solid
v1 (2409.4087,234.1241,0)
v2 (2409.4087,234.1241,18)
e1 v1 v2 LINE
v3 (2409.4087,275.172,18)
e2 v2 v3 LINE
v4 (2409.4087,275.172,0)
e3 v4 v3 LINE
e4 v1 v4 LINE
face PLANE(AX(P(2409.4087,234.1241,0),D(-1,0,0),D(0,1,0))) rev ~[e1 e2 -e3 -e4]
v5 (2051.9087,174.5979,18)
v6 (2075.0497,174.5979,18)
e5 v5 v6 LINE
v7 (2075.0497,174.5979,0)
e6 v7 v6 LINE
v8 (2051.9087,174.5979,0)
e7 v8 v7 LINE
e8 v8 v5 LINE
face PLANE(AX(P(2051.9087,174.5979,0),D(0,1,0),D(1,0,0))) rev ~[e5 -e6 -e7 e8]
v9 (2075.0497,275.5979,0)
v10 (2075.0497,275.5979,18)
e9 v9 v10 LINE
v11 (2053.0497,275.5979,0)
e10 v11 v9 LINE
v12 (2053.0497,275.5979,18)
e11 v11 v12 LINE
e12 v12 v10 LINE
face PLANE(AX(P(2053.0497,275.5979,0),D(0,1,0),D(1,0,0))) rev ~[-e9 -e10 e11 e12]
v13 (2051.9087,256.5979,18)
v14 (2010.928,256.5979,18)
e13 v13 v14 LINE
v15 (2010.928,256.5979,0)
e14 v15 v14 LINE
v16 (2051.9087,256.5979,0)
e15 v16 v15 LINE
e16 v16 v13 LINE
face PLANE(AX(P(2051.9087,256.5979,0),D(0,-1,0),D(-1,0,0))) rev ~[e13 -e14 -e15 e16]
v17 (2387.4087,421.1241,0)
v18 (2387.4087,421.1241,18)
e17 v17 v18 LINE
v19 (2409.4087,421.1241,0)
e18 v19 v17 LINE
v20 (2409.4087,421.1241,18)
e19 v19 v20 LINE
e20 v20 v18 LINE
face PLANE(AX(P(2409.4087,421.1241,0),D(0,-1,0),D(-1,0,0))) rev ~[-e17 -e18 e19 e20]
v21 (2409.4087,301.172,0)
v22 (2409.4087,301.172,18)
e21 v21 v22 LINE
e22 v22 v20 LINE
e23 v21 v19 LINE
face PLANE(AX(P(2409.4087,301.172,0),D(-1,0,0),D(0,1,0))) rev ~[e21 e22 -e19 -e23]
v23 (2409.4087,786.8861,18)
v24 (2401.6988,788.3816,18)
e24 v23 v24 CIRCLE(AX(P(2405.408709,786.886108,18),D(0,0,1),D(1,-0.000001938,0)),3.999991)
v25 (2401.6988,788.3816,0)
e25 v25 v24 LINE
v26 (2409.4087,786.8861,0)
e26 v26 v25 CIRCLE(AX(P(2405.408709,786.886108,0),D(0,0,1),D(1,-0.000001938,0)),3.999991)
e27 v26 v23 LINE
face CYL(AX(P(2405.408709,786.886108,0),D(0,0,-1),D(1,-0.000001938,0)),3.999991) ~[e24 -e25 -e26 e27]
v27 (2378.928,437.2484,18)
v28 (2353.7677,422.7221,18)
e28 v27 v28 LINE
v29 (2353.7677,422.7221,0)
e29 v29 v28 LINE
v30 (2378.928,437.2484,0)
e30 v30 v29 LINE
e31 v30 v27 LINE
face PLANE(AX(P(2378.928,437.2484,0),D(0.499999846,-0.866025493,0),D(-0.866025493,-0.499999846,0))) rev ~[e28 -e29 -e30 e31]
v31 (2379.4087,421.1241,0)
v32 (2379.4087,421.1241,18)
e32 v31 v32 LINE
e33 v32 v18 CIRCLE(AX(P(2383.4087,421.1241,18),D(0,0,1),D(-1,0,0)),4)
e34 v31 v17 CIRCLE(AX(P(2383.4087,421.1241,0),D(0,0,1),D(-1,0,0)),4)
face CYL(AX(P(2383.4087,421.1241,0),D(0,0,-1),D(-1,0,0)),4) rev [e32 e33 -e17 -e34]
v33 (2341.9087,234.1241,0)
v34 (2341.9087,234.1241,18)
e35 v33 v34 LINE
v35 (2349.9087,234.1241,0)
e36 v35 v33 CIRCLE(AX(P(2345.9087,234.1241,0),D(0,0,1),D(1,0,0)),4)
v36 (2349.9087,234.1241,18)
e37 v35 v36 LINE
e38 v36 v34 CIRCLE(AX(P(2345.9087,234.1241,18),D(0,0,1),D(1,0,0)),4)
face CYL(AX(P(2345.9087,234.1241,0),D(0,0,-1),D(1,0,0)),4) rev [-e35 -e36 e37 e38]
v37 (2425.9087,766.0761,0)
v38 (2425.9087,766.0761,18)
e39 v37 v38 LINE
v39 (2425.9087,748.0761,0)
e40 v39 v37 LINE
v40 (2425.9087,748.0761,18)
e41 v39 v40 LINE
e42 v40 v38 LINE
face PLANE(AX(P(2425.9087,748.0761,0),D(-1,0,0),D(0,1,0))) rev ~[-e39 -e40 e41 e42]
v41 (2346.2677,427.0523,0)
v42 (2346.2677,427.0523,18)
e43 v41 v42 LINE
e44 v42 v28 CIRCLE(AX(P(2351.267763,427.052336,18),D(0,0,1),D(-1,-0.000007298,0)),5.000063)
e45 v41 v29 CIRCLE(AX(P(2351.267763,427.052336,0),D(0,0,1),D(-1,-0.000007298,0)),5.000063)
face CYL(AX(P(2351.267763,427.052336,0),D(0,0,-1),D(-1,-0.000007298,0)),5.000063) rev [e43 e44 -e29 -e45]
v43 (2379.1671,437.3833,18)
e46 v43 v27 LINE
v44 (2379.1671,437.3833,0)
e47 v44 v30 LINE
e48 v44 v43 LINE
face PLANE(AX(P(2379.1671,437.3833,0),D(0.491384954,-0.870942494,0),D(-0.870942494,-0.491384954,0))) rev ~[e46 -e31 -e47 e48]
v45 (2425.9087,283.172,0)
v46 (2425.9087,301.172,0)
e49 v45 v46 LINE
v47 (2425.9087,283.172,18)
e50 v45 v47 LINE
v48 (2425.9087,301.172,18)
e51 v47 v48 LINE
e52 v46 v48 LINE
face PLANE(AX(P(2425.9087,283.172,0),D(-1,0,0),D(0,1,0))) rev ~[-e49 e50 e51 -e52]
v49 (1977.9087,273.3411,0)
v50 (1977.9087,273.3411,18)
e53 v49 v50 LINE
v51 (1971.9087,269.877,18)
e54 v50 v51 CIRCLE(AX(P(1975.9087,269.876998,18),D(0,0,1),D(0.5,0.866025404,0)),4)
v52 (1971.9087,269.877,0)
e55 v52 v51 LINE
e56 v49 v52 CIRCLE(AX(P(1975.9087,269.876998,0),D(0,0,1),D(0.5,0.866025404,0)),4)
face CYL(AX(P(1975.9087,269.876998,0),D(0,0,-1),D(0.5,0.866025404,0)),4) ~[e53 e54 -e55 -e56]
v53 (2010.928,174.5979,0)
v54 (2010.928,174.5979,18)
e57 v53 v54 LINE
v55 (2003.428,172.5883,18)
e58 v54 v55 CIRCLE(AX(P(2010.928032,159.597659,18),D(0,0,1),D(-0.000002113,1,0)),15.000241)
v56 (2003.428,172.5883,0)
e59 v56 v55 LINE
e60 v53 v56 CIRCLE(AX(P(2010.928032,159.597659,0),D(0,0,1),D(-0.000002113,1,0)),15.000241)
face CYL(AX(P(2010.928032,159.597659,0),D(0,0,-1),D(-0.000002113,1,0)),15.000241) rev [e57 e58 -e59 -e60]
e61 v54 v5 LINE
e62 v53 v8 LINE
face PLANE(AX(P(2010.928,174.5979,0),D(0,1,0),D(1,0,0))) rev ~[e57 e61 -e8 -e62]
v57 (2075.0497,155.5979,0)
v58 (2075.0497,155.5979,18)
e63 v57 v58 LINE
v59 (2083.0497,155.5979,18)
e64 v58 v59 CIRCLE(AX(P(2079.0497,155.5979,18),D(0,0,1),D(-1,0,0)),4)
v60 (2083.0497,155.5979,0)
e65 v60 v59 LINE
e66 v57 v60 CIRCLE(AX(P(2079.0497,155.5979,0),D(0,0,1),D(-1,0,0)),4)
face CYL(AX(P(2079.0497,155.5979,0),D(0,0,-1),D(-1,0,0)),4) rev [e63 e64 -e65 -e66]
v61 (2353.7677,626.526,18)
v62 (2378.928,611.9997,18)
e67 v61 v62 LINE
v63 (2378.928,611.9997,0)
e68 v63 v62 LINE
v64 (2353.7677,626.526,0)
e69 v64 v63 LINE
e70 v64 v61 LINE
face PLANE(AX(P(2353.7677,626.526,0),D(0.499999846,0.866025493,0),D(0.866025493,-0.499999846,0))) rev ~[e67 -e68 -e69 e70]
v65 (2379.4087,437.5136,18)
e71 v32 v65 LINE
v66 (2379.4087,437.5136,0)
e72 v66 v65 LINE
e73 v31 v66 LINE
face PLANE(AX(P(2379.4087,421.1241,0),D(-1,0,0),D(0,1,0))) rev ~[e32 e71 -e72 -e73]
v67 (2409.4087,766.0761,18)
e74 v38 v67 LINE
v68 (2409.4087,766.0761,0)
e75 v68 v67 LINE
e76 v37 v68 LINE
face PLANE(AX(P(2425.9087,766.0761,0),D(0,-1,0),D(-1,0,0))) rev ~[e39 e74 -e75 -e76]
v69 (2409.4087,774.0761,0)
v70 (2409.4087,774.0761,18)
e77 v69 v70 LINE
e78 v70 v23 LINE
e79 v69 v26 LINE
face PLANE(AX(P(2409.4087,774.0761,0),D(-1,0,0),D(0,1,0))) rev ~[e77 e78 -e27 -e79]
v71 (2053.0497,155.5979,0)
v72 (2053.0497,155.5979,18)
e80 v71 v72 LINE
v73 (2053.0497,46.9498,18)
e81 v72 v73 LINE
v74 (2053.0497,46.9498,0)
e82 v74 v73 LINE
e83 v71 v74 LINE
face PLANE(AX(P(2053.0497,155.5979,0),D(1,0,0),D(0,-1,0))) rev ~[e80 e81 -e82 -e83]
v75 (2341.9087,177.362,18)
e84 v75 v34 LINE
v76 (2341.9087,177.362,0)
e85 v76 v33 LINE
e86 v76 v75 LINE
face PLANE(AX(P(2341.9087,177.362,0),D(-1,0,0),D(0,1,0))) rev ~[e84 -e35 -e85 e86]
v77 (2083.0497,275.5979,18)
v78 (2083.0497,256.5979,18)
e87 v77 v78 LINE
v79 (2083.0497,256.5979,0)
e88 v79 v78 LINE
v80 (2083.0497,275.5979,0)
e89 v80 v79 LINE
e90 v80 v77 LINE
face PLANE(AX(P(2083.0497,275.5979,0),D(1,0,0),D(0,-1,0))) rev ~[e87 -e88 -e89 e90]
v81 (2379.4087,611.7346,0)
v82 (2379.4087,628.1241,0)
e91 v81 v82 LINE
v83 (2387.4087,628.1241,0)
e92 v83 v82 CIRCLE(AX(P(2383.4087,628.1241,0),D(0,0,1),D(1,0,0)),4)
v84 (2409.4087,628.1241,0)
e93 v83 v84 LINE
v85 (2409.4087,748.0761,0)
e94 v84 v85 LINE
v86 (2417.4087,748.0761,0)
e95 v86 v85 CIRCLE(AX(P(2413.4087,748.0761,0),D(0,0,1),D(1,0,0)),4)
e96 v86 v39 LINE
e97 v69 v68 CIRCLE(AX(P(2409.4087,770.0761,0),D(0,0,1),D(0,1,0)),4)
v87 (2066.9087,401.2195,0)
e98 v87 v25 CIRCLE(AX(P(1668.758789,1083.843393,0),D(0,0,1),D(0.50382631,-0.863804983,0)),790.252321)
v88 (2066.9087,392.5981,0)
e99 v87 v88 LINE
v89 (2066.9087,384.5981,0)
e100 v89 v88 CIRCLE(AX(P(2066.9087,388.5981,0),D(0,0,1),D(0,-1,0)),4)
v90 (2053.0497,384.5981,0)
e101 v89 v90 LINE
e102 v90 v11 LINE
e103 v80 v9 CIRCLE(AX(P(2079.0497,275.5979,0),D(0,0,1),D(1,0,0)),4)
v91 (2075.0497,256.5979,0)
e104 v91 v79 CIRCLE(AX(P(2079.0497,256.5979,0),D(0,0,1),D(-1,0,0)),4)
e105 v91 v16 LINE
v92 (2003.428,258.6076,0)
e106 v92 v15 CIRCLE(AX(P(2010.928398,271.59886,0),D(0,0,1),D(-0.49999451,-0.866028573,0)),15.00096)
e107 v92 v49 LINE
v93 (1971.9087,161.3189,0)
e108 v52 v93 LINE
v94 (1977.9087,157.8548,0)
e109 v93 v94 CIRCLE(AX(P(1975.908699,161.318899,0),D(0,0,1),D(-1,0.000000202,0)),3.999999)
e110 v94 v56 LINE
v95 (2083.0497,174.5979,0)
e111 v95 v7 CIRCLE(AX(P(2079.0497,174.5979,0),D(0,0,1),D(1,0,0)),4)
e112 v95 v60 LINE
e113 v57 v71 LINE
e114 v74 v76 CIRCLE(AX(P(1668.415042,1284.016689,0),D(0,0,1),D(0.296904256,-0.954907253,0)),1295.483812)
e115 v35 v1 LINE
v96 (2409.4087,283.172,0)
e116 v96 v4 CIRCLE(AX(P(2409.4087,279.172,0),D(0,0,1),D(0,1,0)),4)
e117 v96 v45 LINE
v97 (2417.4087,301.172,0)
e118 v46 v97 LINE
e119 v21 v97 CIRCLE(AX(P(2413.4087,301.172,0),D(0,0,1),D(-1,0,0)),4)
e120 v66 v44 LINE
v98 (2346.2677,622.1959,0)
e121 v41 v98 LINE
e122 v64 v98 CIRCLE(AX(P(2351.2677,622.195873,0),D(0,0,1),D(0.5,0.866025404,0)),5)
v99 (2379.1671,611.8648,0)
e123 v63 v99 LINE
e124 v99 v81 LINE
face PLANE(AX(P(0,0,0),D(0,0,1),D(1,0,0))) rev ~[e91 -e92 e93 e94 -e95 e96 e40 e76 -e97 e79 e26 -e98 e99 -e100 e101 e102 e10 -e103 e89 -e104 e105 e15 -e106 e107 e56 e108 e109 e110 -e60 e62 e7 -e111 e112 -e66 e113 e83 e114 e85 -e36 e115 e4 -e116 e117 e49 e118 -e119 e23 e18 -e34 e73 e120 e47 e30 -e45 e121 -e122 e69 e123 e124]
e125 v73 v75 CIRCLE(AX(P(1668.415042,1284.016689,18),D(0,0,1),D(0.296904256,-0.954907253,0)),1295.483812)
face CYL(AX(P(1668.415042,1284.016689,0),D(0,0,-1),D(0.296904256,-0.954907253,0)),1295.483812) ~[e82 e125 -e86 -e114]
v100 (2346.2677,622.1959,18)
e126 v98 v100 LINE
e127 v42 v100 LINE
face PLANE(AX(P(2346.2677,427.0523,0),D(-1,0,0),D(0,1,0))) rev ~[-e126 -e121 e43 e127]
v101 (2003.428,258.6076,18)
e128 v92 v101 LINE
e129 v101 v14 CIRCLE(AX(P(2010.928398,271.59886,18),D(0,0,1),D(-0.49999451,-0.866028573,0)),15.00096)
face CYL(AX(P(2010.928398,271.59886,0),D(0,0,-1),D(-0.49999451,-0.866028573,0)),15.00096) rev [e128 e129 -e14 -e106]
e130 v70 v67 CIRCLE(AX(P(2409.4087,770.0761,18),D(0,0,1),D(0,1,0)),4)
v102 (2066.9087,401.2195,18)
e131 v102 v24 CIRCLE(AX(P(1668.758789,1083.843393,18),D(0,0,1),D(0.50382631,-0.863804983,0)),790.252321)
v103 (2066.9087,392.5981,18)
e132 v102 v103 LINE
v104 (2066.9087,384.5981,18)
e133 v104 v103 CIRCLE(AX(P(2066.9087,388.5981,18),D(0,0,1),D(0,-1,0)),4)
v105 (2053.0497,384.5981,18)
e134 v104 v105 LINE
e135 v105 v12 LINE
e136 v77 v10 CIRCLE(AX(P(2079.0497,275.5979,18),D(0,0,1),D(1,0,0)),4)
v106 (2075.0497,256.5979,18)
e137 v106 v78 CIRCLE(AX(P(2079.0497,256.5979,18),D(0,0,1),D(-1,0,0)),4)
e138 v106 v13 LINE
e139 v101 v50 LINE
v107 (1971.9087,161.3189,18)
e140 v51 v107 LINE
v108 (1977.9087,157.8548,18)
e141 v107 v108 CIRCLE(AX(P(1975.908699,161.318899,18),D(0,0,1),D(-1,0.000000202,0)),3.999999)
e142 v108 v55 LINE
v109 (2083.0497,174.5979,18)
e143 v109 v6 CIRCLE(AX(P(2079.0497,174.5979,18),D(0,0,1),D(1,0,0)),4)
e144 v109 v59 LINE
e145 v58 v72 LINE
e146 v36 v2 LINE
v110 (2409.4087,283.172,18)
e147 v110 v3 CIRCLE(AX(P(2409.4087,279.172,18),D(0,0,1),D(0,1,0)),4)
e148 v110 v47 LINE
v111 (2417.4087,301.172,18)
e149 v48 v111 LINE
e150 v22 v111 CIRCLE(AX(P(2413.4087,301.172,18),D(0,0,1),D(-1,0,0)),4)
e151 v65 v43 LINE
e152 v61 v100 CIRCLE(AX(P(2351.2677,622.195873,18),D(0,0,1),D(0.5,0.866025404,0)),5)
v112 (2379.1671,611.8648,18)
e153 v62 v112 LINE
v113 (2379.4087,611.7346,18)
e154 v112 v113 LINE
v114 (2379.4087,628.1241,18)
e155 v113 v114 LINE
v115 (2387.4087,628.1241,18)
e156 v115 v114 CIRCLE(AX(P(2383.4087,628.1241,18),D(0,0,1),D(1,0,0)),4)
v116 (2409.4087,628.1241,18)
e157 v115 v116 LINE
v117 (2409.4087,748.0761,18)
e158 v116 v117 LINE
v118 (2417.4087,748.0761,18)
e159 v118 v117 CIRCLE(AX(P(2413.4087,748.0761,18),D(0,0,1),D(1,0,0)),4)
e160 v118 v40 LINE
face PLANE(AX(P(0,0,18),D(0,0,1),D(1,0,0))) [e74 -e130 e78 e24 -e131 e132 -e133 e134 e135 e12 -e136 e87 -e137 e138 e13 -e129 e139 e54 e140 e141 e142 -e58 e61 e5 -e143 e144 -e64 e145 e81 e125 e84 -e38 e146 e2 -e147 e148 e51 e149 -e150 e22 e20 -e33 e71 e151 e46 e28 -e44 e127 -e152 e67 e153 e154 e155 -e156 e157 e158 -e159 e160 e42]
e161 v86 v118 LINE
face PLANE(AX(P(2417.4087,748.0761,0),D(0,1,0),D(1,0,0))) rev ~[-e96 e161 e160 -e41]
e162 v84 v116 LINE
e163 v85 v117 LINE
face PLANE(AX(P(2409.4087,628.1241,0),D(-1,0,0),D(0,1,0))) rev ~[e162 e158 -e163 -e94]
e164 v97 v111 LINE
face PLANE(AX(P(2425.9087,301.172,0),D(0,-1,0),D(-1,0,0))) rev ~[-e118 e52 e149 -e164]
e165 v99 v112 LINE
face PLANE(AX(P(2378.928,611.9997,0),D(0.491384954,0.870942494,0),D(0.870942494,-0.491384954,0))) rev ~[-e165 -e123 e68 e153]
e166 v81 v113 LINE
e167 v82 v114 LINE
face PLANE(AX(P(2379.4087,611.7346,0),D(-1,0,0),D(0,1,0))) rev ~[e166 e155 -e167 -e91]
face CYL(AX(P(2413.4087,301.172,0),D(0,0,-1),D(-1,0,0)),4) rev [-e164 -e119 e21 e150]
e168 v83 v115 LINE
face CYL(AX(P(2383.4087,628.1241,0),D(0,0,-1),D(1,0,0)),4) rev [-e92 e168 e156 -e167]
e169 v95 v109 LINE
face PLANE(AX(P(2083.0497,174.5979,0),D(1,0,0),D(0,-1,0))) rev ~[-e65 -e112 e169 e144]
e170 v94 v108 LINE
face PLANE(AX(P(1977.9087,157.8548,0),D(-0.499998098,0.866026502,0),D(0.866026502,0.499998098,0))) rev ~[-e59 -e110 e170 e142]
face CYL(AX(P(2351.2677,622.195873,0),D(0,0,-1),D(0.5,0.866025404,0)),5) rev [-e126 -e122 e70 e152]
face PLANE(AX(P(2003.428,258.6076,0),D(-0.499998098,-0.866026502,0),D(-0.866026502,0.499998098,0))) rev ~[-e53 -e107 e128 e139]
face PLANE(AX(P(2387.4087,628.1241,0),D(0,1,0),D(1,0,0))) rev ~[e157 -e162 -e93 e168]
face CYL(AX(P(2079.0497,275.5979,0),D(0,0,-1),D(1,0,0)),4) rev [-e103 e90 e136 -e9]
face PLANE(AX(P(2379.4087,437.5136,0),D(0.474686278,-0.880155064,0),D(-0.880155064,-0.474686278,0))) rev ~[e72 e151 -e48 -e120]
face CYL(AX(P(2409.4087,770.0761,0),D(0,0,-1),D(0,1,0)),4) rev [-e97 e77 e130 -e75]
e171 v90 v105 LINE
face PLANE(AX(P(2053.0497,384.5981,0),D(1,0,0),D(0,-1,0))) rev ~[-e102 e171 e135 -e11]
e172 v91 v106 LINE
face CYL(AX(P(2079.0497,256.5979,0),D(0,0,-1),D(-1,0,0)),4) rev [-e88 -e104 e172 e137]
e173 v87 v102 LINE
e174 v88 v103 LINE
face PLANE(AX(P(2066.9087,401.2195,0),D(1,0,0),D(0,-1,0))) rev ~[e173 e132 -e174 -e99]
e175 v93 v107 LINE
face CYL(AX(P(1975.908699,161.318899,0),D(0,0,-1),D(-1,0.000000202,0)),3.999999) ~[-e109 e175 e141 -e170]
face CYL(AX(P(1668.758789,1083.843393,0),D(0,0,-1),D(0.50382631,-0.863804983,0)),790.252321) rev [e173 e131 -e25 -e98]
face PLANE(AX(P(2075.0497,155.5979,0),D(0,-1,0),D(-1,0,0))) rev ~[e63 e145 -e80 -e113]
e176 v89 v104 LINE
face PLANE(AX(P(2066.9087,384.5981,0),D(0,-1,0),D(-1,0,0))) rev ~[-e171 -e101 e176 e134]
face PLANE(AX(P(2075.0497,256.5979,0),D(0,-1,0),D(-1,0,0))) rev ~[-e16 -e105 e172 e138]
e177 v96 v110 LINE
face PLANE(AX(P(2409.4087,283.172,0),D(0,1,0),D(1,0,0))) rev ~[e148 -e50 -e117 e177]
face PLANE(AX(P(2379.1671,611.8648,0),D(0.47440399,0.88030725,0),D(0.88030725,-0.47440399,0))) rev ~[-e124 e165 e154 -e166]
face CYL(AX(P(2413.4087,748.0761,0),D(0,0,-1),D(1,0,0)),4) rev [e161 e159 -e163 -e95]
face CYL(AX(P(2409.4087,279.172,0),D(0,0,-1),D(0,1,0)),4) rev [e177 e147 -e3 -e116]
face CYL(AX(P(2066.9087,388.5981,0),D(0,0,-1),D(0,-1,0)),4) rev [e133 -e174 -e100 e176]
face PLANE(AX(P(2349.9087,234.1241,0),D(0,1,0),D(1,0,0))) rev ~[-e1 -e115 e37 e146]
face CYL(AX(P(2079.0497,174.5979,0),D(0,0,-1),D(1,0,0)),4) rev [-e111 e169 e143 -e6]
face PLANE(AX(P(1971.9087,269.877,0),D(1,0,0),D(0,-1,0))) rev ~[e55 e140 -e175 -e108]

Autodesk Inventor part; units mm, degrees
ref_plane "YZ Plane" through (0, 0, 0) normal (1, 0, 0) x (0, 1, 0)
ref_plane "XZ Plane" through (0, 0, 0) normal (0, 1, 0) x (-1, 0, 0)
ref_plane "XY Plane" through (0, 0, 0) normal (0, 0, 1) x (1, 0, 0)
sketch "CONTOURS" plane through (0, 0, 0) normal (0, 0, 1) x (1, 0, 0)
  line L0 (2379.4087, 421.1241) -> (2379.4087, 437.5136)
  line L1 (2083.0497, 275.5979) -> (2083.0497, 256.5979)
  arc A0 (2075.0497, 256.5979) -> (2083.0497, 256.5979) centre (2079.0497, 256.5979) ccw
  line L2 (2075.0497, 256.5979) -> (2051.9087, 256.5979)
  line L3 (2051.9087, 256.5979) -> (2010.928, 256.5979)
  arc A1 (2003.428, 258.6076) -> (2010.928, 256.5979) centre (2010.928, 271.5979) ccw
  line L4 (2003.428, 258.6076) -> (1977.9087, 273.3411)
  arc A2 (1977.9087, 273.3411) -> (1971.9087, 269.877) centre (1975.9087, 269.877) ccw
  line L5 (1971.9087, 269.877) -> (1971.9087, 161.3189)
  arc A3 (1971.9087, 161.3189) -> (1977.9087, 157.8548) centre (1975.9087, 161.3189) ccw
  line L6 (1977.9087, 157.8548) -> (2003.428, 172.5883)
  arc A4 (2010.928, 174.5979) -> (2003.428, 172.5883) centre (2010.928, 159.5979) ccw
  line L7 (2010.928, 174.5979) -> (2051.9087, 174.5979)
  line L8 (2051.9087, 174.5979) -> (2075.0497, 174.5979)
  arc A5 (2083.0497, 174.5979) -> (2075.0497, 174.5979) centre (2079.0497, 174.5979) ccw
  line L9 (2083.0497, 174.5979) -> (2083.0497, 155.5979)
  arc A6 (2075.0497, 155.5979) -> (2083.0497, 155.5979) centre (2079.0497, 155.5979) ccw
  line L10 (2075.0497, 155.5979) -> (2053.0497, 155.5979)
  line L11 (2053.0497, 155.5979) -> (2053.0497, 46.9498)
  arc A7 (2053.0497, 46.9498) -> (2341.9087, 177.362) centre (1668.415, 1284.0168) ccw
  line L12 (2341.9087, 177.362) -> (2341.9087, 234.1241)
  arc A8 (2349.9087, 234.1241) -> (2341.9087, 234.1241) centre (2345.9087, 234.1241) ccw
  line L13 (2349.9087, 234.1241) -> (2409.4087, 234.1241)
  line L14 (2409.4087, 234.1241) -> (2409.4087, 275.172)
  arc A9 (2409.4087, 283.172) -> (2409.4087, 275.172) centre (2409.4087, 279.172) ccw
  line L15 (2409.4087, 283.172) -> (2425.9087, 283.172)
  line L16 (2425.9087, 283.172) -> (2425.9087, 301.172)
  line L17 (2425.9087, 301.172) -> (2417.4087, 301.172)
  arc A10 (2409.4087, 301.172) -> (2417.4087, 301.172) centre (2413.4087, 301.172) ccw
  line L18 (2409.4087, 301.172) -> (2409.4087, 421.1241)
  line L19 (2409.4087, 421.1241) -> (2387.4087, 421.1241)
  arc A11 (2379.4087, 421.1241) -> (2387.4087, 421.1241) centre (2383.4087, 421.1241) ccw
  line L20 (2379.4087, 437.5136) -> (2379.1671, 437.3833)
  line L21 (2379.1671, 437.3833) -> (2378.928, 437.2484)
  line L22 (2378.928, 437.2484) -> (2353.7677, 422.7221)
  arc A12 (2346.2677, 427.0523) -> (2353.7677, 422.7221) centre (2351.2677, 427.0523) ccw
  line L23 (2346.2677, 427.0523) -> (2346.2677, 622.1959)
  arc A13 (2353.7677, 626.526) -> (2346.2677, 622.1959) centre (2351.2677, 622.1959) ccw
  line L24 (2353.7677, 626.526) -> (2378.928, 611.9997)
  line L25 (2378.928, 611.9997) -> (2379.1671, 611.8648)
  line L26 (2379.1671, 611.8648) -> (2379.4087, 611.7346)
  line L27 (2379.4087, 611.7346) -> (2379.4087, 628.1241)
  arc A14 (2387.4087, 628.1241) -> (2379.4087, 628.1241) centre (2383.4087, 628.1241) ccw
  line L28 (2387.4087, 628.1241) -> (2409.4087, 628.1241)
  line L29 (2409.4087, 628.1241) -> (2409.4087, 748.0761)
  arc A15 (2417.4087, 748.0761) -> (2409.4087, 748.0761) centre (2413.4087, 748.0761) ccw
  line L30 (2417.4087, 748.0761) -> (2425.9087, 748.0761)
  line L31 (2425.9087, 748.0761) -> (2425.9087, 766.0761)
  line L32 (2425.9087, 766.0761) -> (2409.4087, 766.0761)
  arc A16 (2409.4087, 774.0761) -> (2409.4087, 766.0761) centre (2409.4087, 770.0761) ccw
  line L33 (2409.4087, 774.0761) -> (2409.4087, 786.8861)
  arc A17 (2409.4087, 786.8861) -> (2401.6988, 788.3816) centre (2405.4087, 786.8861) ccw
  arc A18 (2066.9087, 401.2195) -> (2401.6988, 788.3816) centre (1668.7587, 1083.8435) ccw
  line L34 (2066.9087, 401.2195) -> (2066.9087, 392.5981)
  arc A19 (2066.9087, 384.5981) -> (2066.9087, 392.5981) centre (2066.9087, 388.5981) ccw
  line L35 (2066.9087, 384.5981) -> (2053.0497, 384.5981)
  line L36 (2053.0497, 384.5981) -> (2053.0497, 275.5979)
  line L37 (2053.0497, 275.5979) -> (2075.0497, 275.5979)
  arc A20 (2083.0497, 275.5979) -> (2075.0497, 275.5979) centre (2079.0497, 275.5979) ccw
sketch "HOLES" plane through (0, 0, 0) normal (0, 0, 1) x (1, 0, 0)
  arc A0 (2359.9087, 385.1025) -> (2355.9087, 381.1025) centre (2359.9087, 381.1025) ccw
  line L0 (2359.9087, 385.1025) -> (2389.9087, 385.1025)
  arc A1 (2393.9087, 381.1025) -> (2389.9087, 385.1025) centre (2389.9087, 381.1025) ccw
  line L1 (2393.9087, 381.1025) -> (2393.9087, 370.1025)
  arc A2 (2389.9087, 366.1025) -> (2393.9087, 370.1025) centre (2389.9087, 370.1025) ccw
  line L2 (2389.9087, 366.1025) -> (2359.9087, 366.1025)
  arc A3 (2355.9087, 370.1025) -> (2359.9087, 366.1025) centre (2359.9087, 370.1025) ccw
  line L3 (2355.9087, 370.1025) -> (2355.9087, 381.1025)
sketch "LETTERS" plane through (0, 0, 0) normal (0, 0, 1) x (1, 0, 0)
  arc A0 (2211.6565, 303.9645) -> (2200.9951, 304.2164) centre (2206.3294, 304.2452) ccw
  line L0 (2200.9964, 295.3379) -> (2200.9964, 303.7395)
  arc A1 (2200.9964, 303.7395) -> (2191.9817, 303.7395) centre (2196.489, 303.7395) ccw
  line L1 (2191.9817, 303.7395) -> (2191.9817, 295.3379)
  line L2 (2211.6565, 295.3379) -> (2211.6565, 299.2505)
  line L3 (2211.6565, 299.2505) -> (2211.6639, 304.2373)
  line L4 (2191.9817, 295.3379) -> (2211.6565, 295.3379)
extrude "Extrusion3" add sketch "CONTOURS" along normal blind 18
properties part number "Support B" material "Wood (Birch)"
